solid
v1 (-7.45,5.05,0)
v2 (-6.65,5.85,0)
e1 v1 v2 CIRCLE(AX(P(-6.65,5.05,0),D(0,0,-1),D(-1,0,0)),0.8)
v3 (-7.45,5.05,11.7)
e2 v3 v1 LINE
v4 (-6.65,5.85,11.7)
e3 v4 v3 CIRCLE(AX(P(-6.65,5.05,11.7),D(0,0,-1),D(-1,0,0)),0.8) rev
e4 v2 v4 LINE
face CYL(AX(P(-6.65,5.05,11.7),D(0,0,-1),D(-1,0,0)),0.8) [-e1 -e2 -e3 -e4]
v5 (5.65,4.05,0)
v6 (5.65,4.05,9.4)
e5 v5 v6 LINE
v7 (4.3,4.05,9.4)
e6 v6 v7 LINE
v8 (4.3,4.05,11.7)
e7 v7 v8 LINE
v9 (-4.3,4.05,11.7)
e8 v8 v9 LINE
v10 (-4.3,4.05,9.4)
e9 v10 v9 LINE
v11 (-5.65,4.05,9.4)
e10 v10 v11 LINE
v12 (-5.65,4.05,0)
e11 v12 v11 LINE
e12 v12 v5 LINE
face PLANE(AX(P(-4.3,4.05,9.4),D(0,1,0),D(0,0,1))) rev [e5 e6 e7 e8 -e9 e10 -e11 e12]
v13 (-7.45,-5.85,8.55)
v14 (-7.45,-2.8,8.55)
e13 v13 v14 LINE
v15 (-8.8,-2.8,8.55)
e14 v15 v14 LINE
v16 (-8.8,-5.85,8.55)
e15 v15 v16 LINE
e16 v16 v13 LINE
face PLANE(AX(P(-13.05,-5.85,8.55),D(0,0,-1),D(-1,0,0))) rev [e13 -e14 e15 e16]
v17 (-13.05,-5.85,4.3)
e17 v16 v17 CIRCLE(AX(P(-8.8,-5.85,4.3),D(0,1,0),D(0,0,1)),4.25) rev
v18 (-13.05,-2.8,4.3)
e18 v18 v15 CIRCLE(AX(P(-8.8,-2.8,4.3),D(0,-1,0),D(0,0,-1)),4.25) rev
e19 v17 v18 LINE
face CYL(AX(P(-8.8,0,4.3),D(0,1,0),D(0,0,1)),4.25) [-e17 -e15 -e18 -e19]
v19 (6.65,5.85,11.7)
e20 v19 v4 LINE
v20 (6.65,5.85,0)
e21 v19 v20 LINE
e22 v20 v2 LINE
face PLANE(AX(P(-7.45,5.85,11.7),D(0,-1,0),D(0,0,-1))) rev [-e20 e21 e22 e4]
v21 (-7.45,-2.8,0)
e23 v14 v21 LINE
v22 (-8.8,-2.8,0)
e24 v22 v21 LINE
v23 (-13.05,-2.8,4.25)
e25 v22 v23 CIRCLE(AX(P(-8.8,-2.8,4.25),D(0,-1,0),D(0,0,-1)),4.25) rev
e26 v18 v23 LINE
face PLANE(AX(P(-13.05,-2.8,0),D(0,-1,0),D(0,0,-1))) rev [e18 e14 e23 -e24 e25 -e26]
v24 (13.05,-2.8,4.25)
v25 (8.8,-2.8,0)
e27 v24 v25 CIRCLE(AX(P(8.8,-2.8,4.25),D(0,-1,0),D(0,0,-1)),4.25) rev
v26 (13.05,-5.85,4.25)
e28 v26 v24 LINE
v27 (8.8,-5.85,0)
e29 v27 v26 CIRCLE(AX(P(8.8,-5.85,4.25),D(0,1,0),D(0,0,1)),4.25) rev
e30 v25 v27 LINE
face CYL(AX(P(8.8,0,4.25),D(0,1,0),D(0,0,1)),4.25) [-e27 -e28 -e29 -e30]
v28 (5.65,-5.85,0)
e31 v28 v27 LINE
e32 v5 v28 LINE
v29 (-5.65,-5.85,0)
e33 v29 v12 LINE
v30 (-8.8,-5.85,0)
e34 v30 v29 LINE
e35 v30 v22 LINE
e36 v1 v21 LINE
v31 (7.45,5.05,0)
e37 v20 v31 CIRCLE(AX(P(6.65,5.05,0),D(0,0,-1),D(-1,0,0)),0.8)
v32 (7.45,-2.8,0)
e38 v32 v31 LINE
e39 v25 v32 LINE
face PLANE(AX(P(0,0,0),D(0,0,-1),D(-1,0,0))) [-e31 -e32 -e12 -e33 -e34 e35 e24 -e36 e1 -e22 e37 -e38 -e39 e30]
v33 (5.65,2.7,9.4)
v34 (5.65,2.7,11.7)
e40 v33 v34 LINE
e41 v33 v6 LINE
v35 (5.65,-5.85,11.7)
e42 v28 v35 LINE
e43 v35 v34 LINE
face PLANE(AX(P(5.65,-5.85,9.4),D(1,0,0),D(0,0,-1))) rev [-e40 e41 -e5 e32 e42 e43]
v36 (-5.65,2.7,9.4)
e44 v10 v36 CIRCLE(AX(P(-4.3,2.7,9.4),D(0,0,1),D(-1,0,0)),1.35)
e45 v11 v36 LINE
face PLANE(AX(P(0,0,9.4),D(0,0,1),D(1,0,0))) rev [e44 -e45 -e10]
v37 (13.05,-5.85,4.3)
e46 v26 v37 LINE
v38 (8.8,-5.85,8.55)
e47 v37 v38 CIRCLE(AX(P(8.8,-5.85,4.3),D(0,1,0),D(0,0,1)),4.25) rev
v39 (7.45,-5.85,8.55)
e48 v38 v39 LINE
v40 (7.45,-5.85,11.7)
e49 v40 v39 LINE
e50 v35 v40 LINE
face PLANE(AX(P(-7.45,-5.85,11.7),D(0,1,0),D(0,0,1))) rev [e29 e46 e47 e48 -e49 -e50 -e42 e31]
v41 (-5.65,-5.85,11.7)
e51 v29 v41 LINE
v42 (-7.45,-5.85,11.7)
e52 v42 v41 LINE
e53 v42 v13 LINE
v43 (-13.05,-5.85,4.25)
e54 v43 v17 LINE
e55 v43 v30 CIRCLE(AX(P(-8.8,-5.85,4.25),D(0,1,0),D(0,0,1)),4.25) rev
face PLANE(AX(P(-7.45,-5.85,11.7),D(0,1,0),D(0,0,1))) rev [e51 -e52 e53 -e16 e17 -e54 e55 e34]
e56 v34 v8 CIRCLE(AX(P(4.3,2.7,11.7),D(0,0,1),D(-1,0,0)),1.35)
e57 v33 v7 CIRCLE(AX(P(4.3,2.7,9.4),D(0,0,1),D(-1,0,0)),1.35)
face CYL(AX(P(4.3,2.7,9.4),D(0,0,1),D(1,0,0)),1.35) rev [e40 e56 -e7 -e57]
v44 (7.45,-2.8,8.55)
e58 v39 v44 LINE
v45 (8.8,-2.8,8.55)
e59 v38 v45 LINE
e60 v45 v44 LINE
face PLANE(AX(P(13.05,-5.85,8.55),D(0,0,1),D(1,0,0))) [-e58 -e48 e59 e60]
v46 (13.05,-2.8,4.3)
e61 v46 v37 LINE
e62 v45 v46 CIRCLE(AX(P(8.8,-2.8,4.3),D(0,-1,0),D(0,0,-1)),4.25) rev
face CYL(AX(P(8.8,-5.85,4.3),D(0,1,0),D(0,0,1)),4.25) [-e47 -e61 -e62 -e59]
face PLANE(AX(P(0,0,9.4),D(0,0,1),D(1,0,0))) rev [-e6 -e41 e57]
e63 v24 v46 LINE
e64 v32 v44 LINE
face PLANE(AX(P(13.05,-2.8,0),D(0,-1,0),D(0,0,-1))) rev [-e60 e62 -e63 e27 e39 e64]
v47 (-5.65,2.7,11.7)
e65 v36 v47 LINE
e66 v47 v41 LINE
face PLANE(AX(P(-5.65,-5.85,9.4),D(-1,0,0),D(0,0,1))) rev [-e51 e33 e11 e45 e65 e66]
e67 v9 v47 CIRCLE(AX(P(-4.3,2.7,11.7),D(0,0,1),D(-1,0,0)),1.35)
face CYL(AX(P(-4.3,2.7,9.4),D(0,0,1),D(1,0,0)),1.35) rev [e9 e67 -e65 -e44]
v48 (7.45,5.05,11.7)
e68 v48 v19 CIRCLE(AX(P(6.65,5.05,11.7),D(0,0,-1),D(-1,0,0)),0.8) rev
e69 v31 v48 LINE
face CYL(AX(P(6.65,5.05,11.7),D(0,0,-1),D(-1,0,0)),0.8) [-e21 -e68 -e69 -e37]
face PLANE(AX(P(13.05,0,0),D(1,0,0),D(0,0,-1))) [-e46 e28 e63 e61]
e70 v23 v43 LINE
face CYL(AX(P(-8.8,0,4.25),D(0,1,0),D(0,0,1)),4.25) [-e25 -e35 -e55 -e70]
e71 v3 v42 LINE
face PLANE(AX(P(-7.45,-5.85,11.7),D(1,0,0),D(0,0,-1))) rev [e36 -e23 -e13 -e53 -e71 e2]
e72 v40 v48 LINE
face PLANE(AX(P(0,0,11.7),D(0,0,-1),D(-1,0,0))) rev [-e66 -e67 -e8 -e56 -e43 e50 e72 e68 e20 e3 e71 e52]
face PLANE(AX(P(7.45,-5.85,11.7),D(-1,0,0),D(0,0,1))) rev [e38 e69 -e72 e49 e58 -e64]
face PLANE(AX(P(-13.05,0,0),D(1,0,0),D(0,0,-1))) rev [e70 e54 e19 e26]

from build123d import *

# Parameters (mm, degrees)
SKICA1_W                 = 14.9
SKICA1_H                 = 11.7
P_IDAT_VYSUNUT_M1_DEPTH  = 11.7
ODEBRAT_VYSUNUT_M2_DEPTH = 2.3
ODEBRAT_VYSUNUT_M3_DEPTH = 20
ZAOBLIT2_R               = 0.8
SKICA9_W                 = 8.55
SKICA9_H                 = 3.05
P_IDAT_VYSUNUT_M3_DEPTH  = 5.6
ZAOBLIT3_R               = 4.25
SKICA10_W                = 8.55
SKICA10_H                = 3.05
P_IDAT_VYSUNUT_M4_DEPTH  = 5.6
ZAOBLIT4_R               = 4.25


with BuildPart() as part:
    # Skica1 → Přidat vysunutím1 (new body)
    with BuildSketch(Plane.XY):
        Rectangle(SKICA1_W, SKICA1_H)
    extrude(amount=P_IDAT_VYSUNUT_M1_DEPTH)

    # Skica2 → Odebrat vysunutím2 (cut)
    with BuildSketch(Plane.XY.offset(11.7)):
        with BuildLine():
            Line((-5.65, -5.85), (5.65, -5.85))
            Line((5.65, -5.85), (5.65, 2.7))
            ThreePointArc((5.65, 2.7), (5.254594155, 3.654594155), (4.3, 4.05))
            Line((4.3, 4.05), (-4.3, 4.05))
            ThreePointArc((-4.3, 4.05), (-5.254594155, 3.654594155), (-5.65, 2.7))
            Line((-5.65, 2.7), (-5.65, -5.85))
        make_face()
    extrude(amount=-ODEBRAT_VYSUNUT_M2_DEPTH, mode=Mode.SUBTRACT)

    # Skica5 → Odebrat vysunutím3 (cut)
    with BuildSketch(Plane.XY.offset(9.4)):
        Polygon((-4.3, 4.05), (4.3, 4.05), (5.65, 4.05), (5.65, -5.85), (-5.65, -5.85), (-5.65, 4.05), align=None)
    extrude(amount=-ODEBRAT_VYSUNUT_M3_DEPTH, mode=Mode.SUBTRACT)

    # Zaoblit2
    zaoblit2_edges = [part.edges().sort_by_distance(p)[0] for p in [
        (-7.45, 5.85, 5.85),
        (7.45, 5.85, 5.85),
    ]]
    fillet(zaoblit2_edges, radius=ZAOBLIT2_R)

    # Skica9 → Přidat vysunutím3 (add)
    with BuildSketch(Plane.ZY.offset(7.45)):
        with Locations((4.275, -4.325)):
            Rectangle(SKICA9_W, SKICA9_H)
    extrude(amount=P_IDAT_VYSUNUT_M3_DEPTH)

    # Zaoblit3
    zaoblit3_edges = [part.edges().sort_by_distance(p)[0] for p in [
        (-13.05, -4.325, 0),
        (-13.05, -4.325, 8.55),
    ]]
    fillet(zaoblit3_edges, radius=ZAOBLIT3_R)

    # Skica10 → Přidat vysunutím4 (add)
    with BuildSketch(Plane(origin=(7.45, 0, 0), x_dir=(0, 0, -1), z_dir=(1, 0, 0))):
        with Locations((-4.275, -4.325)):
            Rectangle(SKICA10_W, SKICA10_H)
    extrude(amount=P_IDAT_VYSUNUT_M4_DEPTH)

    # Zaoblit4
    zaoblit4_edges = [part.edges().sort_by_distance(p)[0] for p in [
        (13.05, -4.325, 8.55),
        (13.05, -4.325, 0),
    ]]
    fillet(zaoblit4_edges, radius=ZAOBLIT4_R)


solid = part.part
